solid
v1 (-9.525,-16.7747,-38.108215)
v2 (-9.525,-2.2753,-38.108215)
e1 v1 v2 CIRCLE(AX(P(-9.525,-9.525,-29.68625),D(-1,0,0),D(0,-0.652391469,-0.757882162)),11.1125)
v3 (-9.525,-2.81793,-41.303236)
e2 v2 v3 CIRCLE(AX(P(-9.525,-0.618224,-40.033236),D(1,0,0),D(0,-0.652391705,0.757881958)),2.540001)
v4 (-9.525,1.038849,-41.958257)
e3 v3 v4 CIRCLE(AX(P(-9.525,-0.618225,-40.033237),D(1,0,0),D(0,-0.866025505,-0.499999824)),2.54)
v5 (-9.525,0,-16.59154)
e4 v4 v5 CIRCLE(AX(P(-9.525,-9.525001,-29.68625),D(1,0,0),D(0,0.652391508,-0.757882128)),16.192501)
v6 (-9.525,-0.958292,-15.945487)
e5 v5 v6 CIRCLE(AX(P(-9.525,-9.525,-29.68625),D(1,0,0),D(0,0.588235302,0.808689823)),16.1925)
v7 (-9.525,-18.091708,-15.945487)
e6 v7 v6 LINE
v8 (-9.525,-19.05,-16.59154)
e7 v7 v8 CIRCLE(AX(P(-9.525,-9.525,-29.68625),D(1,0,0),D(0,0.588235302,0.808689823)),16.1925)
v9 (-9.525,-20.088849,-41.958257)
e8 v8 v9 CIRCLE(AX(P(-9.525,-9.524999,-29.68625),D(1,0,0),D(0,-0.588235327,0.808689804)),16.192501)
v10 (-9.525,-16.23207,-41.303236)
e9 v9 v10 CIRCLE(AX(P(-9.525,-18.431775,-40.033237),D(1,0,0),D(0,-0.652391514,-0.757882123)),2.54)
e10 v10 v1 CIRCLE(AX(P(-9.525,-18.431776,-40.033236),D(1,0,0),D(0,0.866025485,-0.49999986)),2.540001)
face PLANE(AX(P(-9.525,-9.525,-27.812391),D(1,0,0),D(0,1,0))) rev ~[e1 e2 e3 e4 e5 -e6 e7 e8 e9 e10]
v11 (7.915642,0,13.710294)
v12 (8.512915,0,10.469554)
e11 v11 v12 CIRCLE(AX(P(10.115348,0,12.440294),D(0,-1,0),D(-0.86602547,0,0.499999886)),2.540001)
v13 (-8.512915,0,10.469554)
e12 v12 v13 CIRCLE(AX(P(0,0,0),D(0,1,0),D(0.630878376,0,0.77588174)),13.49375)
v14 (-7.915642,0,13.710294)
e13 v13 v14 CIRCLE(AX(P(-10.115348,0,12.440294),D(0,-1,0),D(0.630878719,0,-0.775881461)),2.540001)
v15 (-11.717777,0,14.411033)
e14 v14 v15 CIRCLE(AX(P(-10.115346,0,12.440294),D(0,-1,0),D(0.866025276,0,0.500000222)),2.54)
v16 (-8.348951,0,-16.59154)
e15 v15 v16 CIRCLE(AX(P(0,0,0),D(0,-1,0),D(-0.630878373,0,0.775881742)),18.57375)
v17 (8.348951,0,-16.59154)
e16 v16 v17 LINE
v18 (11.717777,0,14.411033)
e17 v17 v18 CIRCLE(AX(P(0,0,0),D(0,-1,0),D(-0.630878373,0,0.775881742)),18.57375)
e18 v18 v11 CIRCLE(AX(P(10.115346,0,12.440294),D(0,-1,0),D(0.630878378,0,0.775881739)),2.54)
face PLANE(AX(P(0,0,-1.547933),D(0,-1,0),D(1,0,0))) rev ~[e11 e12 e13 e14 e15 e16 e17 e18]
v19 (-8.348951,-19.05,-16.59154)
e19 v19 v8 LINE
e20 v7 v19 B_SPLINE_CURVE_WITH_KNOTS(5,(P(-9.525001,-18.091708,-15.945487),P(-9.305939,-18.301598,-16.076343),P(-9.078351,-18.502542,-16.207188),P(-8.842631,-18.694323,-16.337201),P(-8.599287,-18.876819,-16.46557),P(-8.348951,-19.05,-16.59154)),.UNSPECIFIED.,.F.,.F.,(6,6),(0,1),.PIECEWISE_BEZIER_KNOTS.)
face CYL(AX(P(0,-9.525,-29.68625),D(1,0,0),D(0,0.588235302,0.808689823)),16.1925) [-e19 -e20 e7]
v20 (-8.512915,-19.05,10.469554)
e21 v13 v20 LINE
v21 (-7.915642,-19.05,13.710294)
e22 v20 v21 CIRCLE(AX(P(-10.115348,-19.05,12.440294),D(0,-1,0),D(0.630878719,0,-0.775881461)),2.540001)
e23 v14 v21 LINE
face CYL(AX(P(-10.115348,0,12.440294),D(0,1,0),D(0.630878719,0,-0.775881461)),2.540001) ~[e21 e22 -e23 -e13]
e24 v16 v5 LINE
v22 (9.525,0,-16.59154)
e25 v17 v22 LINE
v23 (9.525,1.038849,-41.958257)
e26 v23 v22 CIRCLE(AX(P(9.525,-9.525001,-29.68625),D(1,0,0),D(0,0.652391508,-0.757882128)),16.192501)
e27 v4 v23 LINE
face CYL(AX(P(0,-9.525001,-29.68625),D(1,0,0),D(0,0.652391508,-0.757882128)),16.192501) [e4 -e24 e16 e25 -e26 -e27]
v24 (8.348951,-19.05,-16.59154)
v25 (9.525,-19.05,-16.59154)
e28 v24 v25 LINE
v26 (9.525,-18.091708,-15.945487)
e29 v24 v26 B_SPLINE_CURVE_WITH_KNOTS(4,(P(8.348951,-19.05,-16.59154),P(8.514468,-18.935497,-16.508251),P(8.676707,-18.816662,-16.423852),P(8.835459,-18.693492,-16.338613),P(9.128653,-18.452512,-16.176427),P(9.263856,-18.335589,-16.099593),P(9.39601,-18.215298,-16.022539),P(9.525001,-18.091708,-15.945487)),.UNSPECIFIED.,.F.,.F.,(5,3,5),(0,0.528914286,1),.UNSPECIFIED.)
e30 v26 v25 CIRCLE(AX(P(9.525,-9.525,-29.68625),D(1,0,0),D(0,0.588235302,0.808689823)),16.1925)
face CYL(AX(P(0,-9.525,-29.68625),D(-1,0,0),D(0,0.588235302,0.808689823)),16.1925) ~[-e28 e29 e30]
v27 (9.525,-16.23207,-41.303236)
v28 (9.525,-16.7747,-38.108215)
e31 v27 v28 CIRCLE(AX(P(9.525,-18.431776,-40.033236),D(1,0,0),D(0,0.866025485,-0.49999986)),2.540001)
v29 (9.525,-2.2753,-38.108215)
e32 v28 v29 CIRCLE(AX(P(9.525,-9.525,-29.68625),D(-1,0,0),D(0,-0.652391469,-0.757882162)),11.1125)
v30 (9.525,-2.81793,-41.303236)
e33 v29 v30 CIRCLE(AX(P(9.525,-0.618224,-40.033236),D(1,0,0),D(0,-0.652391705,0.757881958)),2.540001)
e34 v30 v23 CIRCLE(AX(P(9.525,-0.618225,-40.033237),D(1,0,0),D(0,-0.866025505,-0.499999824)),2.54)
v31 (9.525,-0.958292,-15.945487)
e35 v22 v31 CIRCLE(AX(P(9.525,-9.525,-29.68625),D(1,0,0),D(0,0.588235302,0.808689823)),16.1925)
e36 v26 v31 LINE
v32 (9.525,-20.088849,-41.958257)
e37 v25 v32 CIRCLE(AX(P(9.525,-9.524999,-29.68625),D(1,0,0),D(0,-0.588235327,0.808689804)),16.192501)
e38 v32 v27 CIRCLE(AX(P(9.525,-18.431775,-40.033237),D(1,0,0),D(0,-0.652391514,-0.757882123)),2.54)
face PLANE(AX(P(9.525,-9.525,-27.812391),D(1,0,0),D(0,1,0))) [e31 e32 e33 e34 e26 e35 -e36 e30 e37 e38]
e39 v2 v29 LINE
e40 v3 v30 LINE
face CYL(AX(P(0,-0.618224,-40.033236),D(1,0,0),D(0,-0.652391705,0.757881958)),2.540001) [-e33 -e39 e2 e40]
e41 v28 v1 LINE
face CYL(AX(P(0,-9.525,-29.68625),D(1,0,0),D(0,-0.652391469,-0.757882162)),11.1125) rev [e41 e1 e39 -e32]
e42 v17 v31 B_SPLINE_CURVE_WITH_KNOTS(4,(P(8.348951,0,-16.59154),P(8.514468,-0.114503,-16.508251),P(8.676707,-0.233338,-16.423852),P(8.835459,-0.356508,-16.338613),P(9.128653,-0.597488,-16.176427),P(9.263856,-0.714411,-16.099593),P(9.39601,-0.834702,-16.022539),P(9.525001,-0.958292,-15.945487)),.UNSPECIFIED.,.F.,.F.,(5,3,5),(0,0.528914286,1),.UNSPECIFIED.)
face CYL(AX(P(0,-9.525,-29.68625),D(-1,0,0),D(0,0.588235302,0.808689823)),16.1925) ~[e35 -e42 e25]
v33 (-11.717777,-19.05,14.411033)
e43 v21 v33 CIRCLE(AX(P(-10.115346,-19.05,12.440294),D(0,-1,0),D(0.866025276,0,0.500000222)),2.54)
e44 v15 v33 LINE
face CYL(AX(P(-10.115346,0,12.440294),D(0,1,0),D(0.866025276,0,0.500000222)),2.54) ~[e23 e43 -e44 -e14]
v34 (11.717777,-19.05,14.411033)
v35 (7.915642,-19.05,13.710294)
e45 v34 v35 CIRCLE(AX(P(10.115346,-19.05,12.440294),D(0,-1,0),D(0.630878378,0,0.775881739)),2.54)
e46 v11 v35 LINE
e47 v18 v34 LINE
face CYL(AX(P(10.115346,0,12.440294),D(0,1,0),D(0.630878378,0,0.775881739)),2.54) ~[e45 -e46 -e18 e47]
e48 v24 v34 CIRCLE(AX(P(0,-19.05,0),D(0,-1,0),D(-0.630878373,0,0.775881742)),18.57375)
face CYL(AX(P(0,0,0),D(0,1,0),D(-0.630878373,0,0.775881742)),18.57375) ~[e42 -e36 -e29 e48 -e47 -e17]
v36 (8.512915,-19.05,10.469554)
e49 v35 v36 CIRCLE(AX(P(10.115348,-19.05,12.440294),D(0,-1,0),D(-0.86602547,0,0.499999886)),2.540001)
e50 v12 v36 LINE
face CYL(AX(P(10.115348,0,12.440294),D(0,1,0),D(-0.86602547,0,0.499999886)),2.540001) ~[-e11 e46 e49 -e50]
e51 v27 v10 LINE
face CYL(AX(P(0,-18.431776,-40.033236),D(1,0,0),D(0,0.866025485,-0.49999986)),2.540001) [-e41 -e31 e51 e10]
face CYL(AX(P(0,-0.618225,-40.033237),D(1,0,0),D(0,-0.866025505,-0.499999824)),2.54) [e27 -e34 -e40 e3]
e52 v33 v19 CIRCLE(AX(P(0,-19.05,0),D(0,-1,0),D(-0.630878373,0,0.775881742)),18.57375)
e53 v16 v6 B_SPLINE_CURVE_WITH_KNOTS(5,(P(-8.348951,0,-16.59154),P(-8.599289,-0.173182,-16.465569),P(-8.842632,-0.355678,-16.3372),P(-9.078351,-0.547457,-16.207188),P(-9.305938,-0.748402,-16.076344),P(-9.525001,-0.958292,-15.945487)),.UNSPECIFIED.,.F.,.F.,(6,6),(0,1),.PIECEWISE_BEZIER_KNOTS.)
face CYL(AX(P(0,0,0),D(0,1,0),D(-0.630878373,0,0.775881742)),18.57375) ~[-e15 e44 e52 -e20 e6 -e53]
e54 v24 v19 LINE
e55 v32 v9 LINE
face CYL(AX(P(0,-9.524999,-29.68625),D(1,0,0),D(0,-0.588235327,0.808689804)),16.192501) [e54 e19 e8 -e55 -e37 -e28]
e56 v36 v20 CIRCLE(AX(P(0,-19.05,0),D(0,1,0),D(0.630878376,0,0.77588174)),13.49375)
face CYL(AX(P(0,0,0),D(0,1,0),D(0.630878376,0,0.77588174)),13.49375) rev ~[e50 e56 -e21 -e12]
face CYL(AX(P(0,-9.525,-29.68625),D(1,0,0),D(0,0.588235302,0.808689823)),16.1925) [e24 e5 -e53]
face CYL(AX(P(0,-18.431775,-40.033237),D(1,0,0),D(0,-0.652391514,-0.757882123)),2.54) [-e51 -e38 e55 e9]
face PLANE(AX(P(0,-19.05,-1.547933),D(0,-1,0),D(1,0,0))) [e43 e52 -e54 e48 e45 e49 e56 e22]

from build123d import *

# Parameters (mm, degrees)
F1_DEPTH = 19.05
F3_DEPTH = 9.525
F4_DEPTH = 9.525


with BuildPart() as f1:
    # F0 (on Front) → F1 (new body)
    with BuildSketch(Plane.XZ):
        with BuildLine():
            ThreePointArc((8.512915, 10.469554), (0, -13.49375), (-8.512915, 10.469554))
            ThreePointArc((-8.512915, 10.469554), (-7.617416, 11.979921), (-7.915642, 13.710294))
            ThreePointArc((-7.915642, 13.710294), (-9.654974, 14.938224), (-11.717777, 14.411033))
            ThreePointArc((-11.717777, 14.411033), (0, -18.57375), (11.717777, 14.411033))
            ThreePointArc((11.717777, 14.411033), (9.654974, 14.938224), (7.915642, 13.710294))
            ThreePointArc((7.915642, 13.710294), (7.617416, 11.979921), (8.512915, 10.469554))
        make_face()
    extrude(amount=F1_DEPTH)

    # F2 (on Right) → F3 (join)
    with BuildSketch(Plane.YZ):
        with BuildLine():
            ThreePointArc((-16.7747, -38.108215), (-9.525, -18.57375), (-2.2753, -38.108215))
            ThreePointArc((-2.2753, -38.108215), (-3.122367, -39.607942), (-2.81793, -41.303236))
            ThreePointArc((-2.81793, -41.303236), (-1.043519, -42.537378), (1.038849, -41.958257))
            ThreePointArc((1.038849, -41.958257), (6.653938, -29.02367), (0, -16.59154))
            ThreePointArc((0, -16.59154), (-9.525, -13.49375), (-19.05, -16.59154))
            ThreePointArc((-19.05, -16.59154), (-25.703938, -29.02367), (-20.088849, -41.958257))
            ThreePointArc((-20.088849, -41.958257), (-18.006481, -42.537378), (-16.23207, -41.303236))
            ThreePointArc((-16.23207, -41.303236), (-15.927633, -39.607942), (-16.7747, -38.108215))
        make_face()
    extrude(amount=F3_DEPTH)

    # F2 (on Right) → F4 (join)
    with BuildSketch(Plane.YZ):
        with BuildLine():
            ThreePointArc((-16.7747, -38.108215), (-9.525, -18.57375), (-2.2753, -38.108215))
            ThreePointArc((-2.2753, -38.108215), (-3.122367, -39.607942), (-2.81793, -41.303236))
            ThreePointArc((-2.81793, -41.303236), (-1.043519, -42.537378), (1.038849, -41.958257))
            ThreePointArc((1.038849, -41.958257), (6.653938, -29.02367), (0, -16.59154))
            ThreePointArc((0, -16.59154), (-9.525, -13.49375), (-19.05, -16.59154))
            ThreePointArc((-19.05, -16.59154), (-25.703938, -29.02367), (-20.088849, -41.958257))
            ThreePointArc((-20.088849, -41.958257), (-18.006481, -42.537378), (-16.23207, -41.303236))
            ThreePointArc((-16.23207, -41.303236), (-15.927633, -39.607942), (-16.7747, -38.108215))
        make_face()
    extrude(amount=-F4_DEPTH)


solid = f1.part
